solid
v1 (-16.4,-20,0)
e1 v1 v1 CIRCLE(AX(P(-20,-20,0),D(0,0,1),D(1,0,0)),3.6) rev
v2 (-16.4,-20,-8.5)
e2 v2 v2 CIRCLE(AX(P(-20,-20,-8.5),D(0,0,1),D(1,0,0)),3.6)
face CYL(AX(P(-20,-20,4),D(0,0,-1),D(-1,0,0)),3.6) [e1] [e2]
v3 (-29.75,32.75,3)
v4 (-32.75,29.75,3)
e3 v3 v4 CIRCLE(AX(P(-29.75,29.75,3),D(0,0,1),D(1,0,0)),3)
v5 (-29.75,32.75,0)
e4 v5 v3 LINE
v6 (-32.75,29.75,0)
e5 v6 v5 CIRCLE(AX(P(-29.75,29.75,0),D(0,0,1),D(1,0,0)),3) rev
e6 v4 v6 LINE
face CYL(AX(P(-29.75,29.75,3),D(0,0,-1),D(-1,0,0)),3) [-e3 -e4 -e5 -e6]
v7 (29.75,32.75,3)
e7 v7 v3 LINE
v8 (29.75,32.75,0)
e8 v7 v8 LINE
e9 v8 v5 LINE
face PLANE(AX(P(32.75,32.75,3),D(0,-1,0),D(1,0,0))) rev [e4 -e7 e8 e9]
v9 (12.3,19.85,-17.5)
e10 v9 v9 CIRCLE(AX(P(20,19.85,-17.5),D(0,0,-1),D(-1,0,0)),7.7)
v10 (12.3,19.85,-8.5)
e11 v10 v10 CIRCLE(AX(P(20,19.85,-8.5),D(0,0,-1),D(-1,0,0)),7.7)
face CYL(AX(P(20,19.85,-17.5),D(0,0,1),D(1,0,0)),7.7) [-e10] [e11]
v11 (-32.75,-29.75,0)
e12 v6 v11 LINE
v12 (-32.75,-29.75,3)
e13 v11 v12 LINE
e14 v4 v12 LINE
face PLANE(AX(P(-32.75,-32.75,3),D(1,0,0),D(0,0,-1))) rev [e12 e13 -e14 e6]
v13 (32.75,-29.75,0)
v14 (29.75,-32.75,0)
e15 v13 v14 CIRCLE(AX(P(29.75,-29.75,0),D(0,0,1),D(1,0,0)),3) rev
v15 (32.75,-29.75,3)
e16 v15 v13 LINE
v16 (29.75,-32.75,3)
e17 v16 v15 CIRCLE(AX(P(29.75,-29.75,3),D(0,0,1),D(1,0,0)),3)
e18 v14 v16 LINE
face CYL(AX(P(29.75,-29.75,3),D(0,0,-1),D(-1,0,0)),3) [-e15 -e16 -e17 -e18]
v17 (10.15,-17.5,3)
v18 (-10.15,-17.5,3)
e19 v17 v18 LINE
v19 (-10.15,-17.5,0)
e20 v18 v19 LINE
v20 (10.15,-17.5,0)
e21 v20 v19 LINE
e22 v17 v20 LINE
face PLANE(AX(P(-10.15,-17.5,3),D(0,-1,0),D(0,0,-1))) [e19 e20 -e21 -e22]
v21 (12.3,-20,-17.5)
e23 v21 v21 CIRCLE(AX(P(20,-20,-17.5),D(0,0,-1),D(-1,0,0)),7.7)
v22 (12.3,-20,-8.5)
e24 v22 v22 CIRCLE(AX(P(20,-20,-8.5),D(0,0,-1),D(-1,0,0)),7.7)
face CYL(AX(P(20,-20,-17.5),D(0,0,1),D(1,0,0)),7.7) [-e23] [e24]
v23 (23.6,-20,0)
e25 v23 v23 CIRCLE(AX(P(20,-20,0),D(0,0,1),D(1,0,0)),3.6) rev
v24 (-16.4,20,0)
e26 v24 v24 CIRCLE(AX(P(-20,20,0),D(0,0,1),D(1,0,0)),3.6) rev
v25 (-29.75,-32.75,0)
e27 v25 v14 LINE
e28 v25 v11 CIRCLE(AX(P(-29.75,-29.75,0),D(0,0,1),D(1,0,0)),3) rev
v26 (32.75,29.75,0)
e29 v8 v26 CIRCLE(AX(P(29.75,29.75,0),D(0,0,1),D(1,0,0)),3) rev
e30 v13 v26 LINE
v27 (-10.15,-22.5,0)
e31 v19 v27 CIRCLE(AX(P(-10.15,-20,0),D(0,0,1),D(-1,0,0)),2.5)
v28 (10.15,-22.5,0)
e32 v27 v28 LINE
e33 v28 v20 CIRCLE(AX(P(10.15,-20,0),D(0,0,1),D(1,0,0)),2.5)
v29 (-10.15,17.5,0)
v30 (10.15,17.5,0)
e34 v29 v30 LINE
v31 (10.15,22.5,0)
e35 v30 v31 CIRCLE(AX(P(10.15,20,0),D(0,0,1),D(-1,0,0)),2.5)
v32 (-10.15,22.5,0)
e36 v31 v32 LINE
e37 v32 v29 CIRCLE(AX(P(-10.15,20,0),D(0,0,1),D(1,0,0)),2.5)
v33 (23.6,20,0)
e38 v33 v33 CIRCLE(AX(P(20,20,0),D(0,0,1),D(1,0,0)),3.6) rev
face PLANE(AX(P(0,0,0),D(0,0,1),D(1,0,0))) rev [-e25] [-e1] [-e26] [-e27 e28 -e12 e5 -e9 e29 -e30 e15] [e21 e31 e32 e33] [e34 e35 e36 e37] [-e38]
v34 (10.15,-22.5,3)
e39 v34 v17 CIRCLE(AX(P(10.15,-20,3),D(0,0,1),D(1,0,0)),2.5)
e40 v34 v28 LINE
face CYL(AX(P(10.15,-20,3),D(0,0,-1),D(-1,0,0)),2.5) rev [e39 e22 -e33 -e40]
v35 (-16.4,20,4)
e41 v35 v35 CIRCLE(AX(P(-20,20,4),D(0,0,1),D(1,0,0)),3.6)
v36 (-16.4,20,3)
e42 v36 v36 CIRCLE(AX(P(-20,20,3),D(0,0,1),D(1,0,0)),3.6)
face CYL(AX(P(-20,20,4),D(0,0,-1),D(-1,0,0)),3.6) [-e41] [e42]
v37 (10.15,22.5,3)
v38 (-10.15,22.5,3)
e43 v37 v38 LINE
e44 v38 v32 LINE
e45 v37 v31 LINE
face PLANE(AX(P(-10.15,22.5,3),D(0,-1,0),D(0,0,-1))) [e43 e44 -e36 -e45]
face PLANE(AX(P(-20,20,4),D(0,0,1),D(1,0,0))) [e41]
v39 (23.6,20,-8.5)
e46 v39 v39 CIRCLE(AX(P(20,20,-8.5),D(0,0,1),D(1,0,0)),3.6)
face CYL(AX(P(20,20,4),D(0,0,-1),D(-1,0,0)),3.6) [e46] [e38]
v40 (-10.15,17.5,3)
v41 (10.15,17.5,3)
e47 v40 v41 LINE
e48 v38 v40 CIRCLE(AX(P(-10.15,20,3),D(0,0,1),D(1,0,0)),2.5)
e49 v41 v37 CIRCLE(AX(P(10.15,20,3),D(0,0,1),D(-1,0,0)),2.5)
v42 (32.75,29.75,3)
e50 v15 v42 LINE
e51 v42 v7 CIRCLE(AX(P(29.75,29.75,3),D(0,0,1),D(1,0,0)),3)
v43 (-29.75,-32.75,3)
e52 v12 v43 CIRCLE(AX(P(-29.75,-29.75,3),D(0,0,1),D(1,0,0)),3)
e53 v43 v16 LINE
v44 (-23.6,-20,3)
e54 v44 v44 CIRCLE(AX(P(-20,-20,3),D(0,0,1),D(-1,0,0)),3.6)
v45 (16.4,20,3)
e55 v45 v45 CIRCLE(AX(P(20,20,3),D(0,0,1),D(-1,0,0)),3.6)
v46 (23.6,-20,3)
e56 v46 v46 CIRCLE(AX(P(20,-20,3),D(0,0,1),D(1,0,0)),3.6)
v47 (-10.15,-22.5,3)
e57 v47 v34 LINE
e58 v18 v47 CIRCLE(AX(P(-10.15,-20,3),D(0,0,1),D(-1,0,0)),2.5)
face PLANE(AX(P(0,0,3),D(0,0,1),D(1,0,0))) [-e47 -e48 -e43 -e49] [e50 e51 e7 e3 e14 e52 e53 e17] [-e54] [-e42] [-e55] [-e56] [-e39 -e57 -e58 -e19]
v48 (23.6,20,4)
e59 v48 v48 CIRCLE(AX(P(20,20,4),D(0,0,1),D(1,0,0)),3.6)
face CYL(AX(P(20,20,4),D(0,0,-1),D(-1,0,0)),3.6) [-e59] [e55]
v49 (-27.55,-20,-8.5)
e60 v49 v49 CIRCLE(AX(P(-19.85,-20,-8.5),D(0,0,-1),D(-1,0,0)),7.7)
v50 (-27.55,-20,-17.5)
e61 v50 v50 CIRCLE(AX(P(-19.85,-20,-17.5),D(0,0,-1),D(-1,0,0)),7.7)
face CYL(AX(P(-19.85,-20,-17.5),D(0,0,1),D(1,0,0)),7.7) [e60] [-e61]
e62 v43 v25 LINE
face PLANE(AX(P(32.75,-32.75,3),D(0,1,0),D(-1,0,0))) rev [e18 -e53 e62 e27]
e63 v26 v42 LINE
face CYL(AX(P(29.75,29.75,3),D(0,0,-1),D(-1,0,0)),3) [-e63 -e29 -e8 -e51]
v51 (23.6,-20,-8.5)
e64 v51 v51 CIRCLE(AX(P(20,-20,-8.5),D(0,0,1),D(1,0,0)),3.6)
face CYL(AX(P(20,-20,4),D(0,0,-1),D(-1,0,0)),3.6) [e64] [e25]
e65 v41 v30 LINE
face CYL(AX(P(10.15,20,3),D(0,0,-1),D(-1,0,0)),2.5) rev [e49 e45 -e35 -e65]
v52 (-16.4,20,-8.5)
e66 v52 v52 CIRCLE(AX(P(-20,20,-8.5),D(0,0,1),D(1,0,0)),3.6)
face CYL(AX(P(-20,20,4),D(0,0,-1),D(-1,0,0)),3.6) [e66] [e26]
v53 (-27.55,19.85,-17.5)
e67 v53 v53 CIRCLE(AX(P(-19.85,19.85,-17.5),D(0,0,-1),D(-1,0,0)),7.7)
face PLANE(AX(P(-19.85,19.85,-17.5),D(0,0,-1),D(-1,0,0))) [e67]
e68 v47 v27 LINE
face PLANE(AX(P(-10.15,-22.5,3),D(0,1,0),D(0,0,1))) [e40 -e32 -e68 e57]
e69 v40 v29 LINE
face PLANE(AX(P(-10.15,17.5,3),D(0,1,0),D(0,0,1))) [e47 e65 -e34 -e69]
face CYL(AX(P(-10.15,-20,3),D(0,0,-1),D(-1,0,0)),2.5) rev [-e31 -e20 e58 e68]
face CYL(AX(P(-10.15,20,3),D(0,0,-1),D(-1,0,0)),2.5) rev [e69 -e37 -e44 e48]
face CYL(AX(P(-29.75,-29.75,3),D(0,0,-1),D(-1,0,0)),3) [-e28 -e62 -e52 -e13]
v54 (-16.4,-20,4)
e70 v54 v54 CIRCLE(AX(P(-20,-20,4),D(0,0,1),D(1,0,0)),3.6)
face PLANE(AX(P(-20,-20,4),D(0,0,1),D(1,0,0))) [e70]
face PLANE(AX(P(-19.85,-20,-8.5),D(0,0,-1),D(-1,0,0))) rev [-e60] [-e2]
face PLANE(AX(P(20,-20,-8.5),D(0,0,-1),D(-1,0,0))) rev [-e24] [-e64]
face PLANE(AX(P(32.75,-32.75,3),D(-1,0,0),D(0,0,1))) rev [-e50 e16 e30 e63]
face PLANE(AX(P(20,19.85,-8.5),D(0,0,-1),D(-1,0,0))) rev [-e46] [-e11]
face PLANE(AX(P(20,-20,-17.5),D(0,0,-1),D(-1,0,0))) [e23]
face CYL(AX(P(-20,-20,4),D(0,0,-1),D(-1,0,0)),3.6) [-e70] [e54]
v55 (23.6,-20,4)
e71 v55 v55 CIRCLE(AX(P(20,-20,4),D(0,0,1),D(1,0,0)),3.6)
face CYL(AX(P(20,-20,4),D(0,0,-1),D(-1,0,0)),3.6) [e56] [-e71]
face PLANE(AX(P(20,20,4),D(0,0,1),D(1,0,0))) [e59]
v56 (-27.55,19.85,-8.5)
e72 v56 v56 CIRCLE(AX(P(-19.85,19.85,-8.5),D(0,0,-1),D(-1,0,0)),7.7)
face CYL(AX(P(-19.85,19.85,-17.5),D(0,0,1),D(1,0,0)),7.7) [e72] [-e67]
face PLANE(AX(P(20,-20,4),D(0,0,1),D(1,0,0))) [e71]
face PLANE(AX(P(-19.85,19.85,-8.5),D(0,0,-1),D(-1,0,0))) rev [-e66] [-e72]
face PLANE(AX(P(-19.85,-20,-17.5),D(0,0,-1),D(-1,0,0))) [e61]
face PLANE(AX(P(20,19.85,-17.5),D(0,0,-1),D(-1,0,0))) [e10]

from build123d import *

# Parameters (mm, degrees)
SKETCH_1_W           = 65.5
SKETCH_1_H           = 65.5
SKETCH_1_R           = 3.6
EXTRUDE_1_DEPTH      = 3
FILLET_1_R           = 3
EXTRUDE_2_DEPTH      = 1
EXTRUDE_2_DEPTH_BACK = 11.5
SKETCH_3_R           = 3.6
SKETCH_4_R           = 7.7
EXTRUDE_3_DEPTH      = 9


with BuildPart() as part:
    # 草图1 → 凸台-拉伸1 (new body)
    with BuildSketch(Plane.XY):
        Rectangle(SKETCH_1_W, SKETCH_1_H)
        with Locations((-20, 20)):
            Circle(SKETCH_1_R, mode=Mode.SUBTRACT)
        with Locations(Location((20, 20, 0), (0, 0, 180))):
            Circle(SKETCH_1_R, mode=Mode.SUBTRACT)
        with Locations((20, -20)):
            Circle(SKETCH_1_R, mode=Mode.SUBTRACT)
        with Locations(Location((-20, -20, 0), (0, 0, 180))):
            Circle(SKETCH_1_R, mode=Mode.SUBTRACT)
        with BuildLine():
            Line((-10.15, 22.5), (10.15, 22.5))
            ThreePointArc((10.15, 22.5), (12.65, 20), (10.15, 17.5))
            Line((10.15, 17.5), (-10.15, 17.5))
            ThreePointArc((-10.15, 17.5), (-12.65, 20), (-10.15, 22.5))
        make_face(mode=Mode.SUBTRACT)
        with BuildLine():
            Line((-10.15, -22.5), (10.15, -22.5))
            ThreePointArc((10.15, -22.5), (12.65, -20), (10.15, -17.5))
            Line((10.15, -17.5), (-10.15, -17.5))
            ThreePointArc((-10.15, -17.5), (-12.65, -20), (-10.15, -22.5))
        make_face(mode=Mode.SUBTRACT)
    extrude(amount=EXTRUDE_1_DEPTH)

    # 圆角1
    fillet_1_edges = [part.edges().sort_by_distance(p)[0] for p in [
        (-32.75, 32.75, 1.5),
        (32.75, 32.75, 1.5),
        (32.75, -32.75, 1.5),
        (-32.75, -32.75, 1.5),
    ]]
    fillet(fillet_1_edges, radius=FILLET_1_R)

    # 草图3 → 凸台-拉伸2 (add, two sides: drawn at the far end of the back side and taken through both)
    with BuildSketch(Plane.XY.offset(3).offset(-EXTRUDE_2_DEPTH_BACK)):
        with Locations((-20, 20)):
            Circle(SKETCH_3_R)
        with Locations((-20, -20)):
            Circle(SKETCH_3_R)
        with Locations((20, 20)):
            Circle(SKETCH_3_R)
        with Locations((20, -20)):
            Circle(SKETCH_3_R)
    extrude(amount=EXTRUDE_2_DEPTH + EXTRUDE_2_DEPTH_BACK)

    # 草图4 → 凸台-拉伸3 (add)
    with BuildSketch(Plane(origin=(0, 0, -8.5), x_dir=(-1, 0, 0), z_dir=(0, 0, -1))):
        with Locations((-20, -20)):
            Circle(SKETCH_4_R)
        with Locations((-20, 19.85)):
            Circle(SKETCH_4_R)
        with Locations((19.85, 19.85)):
            Circle(SKETCH_4_R)
        with Locations((19.85, -20)):
            Circle(SKETCH_4_R)
    extrude(amount=EXTRUDE_3_DEPTH)


solid = part.part
